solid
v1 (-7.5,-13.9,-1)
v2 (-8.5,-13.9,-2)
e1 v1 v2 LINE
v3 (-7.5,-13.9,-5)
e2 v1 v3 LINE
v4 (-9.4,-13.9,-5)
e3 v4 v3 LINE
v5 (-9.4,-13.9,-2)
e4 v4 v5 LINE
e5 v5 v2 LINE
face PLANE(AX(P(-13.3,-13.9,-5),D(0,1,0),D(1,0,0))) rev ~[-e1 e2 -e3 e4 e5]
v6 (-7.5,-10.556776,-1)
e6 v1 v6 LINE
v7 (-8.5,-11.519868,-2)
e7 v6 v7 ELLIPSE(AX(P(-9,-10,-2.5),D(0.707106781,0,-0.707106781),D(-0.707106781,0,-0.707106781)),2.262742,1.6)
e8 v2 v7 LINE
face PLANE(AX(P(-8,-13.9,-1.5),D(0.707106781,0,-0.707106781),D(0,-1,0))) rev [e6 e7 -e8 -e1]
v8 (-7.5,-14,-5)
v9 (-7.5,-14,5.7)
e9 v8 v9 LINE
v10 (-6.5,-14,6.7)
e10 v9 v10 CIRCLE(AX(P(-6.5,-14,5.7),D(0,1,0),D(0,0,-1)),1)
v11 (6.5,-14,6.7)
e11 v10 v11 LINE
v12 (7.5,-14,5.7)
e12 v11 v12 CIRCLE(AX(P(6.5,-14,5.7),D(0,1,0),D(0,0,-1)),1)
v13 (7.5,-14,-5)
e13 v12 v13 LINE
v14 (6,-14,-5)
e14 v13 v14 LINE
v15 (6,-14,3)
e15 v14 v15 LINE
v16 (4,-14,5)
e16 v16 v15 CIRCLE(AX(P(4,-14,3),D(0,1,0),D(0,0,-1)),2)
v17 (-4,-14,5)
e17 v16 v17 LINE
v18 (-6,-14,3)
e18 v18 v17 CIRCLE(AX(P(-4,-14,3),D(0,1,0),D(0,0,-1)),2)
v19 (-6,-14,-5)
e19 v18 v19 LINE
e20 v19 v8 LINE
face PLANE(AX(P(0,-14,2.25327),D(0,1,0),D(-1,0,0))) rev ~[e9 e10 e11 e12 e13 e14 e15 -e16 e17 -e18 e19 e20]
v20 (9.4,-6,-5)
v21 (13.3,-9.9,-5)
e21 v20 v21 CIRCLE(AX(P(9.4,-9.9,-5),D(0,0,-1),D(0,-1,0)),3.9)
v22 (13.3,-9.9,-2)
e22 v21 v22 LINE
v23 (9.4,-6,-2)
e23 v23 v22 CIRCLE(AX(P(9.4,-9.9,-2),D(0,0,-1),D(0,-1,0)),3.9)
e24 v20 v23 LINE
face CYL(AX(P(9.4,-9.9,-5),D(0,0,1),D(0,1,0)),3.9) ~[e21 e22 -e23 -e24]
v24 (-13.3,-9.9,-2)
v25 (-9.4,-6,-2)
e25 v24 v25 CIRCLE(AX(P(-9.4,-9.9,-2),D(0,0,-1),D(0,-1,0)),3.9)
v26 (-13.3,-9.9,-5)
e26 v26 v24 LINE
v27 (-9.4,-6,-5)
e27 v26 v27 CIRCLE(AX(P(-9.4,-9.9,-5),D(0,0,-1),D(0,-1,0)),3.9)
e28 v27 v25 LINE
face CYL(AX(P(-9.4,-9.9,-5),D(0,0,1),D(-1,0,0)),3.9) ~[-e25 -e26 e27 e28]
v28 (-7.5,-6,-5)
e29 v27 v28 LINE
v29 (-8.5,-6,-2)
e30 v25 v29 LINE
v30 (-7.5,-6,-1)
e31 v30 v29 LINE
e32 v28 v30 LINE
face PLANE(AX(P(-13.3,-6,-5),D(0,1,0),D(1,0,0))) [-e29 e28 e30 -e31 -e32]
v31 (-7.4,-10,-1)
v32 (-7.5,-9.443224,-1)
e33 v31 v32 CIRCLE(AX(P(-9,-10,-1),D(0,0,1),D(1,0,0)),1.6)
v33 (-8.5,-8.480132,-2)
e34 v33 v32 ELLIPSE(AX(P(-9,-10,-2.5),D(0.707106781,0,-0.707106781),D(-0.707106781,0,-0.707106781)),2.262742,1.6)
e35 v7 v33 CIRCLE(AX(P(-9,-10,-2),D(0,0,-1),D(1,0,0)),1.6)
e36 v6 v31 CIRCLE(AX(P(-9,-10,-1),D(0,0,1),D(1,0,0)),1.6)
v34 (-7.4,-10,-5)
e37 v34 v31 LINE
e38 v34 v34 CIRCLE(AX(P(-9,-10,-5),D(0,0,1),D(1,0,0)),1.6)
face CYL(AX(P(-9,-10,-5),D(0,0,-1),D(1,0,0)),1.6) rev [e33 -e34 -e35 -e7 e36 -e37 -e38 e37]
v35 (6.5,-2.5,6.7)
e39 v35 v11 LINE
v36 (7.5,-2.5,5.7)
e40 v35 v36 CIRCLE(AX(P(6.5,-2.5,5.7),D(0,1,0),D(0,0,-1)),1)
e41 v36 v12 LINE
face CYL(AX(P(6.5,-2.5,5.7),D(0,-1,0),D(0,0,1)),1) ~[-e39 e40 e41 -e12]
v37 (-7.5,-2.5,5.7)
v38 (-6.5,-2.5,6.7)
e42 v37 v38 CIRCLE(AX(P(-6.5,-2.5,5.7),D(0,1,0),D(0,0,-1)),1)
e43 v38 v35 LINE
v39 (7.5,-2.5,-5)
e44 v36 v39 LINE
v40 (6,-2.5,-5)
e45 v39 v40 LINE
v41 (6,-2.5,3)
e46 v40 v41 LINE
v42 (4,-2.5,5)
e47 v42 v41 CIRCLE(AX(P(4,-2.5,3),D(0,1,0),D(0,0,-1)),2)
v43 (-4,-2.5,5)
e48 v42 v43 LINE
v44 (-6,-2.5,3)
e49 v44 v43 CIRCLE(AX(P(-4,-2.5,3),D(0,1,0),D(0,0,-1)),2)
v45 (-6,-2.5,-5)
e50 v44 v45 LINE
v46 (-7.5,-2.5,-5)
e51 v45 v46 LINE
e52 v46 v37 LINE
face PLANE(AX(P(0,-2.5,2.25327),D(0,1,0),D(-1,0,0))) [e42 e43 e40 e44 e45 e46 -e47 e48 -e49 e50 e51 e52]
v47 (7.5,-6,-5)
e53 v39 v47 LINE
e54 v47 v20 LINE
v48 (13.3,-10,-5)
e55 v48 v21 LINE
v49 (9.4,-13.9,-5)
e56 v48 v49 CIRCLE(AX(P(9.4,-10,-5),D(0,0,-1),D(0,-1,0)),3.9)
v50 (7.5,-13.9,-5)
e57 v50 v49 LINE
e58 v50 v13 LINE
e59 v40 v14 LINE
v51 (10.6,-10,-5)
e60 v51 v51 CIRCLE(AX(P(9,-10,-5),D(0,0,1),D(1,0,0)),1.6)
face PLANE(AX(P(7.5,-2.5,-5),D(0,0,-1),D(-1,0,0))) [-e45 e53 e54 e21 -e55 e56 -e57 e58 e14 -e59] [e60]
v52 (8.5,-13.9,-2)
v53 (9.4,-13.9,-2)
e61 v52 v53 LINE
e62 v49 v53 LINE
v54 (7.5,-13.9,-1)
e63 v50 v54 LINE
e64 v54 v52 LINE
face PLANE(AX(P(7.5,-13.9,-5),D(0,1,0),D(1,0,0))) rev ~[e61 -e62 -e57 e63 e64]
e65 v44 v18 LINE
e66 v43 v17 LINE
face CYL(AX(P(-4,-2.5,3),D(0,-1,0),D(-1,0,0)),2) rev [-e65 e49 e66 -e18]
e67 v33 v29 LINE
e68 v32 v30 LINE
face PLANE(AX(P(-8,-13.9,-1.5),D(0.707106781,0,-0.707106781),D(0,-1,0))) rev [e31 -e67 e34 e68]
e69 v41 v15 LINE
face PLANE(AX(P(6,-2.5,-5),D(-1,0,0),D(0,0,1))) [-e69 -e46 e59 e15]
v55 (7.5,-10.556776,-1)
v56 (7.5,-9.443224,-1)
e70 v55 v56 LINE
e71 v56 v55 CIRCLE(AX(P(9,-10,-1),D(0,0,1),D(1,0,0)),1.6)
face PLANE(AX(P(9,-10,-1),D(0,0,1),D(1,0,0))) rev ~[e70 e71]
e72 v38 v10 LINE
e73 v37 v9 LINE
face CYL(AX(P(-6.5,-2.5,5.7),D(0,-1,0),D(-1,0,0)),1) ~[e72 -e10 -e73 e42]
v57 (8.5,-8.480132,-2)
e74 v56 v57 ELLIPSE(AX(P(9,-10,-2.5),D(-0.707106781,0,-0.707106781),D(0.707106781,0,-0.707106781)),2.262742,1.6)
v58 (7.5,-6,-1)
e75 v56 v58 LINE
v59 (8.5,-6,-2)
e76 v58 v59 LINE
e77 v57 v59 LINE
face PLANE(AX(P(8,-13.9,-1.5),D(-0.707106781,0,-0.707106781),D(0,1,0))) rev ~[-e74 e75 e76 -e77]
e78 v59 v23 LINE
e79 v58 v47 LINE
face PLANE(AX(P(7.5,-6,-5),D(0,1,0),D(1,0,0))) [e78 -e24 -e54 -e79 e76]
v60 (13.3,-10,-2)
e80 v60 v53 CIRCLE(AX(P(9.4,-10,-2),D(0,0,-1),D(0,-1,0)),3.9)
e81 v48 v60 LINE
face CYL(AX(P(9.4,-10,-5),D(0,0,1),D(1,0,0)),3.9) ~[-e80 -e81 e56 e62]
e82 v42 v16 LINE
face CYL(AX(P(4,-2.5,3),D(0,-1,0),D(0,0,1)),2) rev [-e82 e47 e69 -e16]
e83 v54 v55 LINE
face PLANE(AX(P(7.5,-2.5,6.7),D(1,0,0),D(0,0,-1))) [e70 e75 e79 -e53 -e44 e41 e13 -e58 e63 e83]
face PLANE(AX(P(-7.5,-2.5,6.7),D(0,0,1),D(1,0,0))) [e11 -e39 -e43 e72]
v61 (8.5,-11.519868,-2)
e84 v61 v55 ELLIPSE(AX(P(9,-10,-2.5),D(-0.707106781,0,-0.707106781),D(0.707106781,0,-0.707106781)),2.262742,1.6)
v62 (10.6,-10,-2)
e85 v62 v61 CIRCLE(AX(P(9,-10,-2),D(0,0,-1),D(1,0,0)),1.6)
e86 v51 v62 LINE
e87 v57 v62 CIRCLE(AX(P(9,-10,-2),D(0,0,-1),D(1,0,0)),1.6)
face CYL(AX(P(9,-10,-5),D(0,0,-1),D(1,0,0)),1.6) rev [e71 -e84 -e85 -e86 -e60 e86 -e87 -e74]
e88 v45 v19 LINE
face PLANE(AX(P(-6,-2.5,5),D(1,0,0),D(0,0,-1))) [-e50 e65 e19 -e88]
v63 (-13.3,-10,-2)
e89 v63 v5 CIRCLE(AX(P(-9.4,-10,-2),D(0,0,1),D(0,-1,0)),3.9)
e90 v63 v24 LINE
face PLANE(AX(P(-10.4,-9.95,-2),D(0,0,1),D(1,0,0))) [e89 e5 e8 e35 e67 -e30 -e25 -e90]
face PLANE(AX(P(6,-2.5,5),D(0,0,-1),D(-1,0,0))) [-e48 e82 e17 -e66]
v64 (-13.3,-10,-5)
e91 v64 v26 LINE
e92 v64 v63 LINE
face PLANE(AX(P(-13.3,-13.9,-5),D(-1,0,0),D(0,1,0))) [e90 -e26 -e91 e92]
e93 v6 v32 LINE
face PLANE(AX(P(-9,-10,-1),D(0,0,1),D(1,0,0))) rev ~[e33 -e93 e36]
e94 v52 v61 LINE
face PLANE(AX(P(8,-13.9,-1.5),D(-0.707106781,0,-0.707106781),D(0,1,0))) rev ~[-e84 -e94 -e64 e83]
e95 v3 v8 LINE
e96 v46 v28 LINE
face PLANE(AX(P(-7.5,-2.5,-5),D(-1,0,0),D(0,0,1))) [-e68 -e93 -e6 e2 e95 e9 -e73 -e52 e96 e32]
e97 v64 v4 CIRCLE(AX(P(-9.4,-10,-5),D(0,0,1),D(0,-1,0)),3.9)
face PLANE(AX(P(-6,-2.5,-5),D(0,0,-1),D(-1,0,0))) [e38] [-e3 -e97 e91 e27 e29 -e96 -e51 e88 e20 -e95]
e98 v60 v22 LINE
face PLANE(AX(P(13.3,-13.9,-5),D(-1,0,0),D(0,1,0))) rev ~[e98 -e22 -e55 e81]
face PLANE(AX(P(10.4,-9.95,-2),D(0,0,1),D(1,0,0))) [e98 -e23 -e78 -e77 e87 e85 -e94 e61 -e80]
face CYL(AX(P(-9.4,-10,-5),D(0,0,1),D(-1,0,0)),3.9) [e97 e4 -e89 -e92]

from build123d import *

# Parameters (mm, degrees)
PAD012_DEPTH    = 11.5
FILLET001_R     = 1
FILLET002_R     = 2
SKETCH019_W     = 5.8
SKETCH019_H     = 7.9
PAD013_DEPTH    = 3
CHAMFER_SIZE    = 1
FILLET003_R     = 3.9
SKETCH020_R     = 1.6
POCKET006_DEPTH = 4


with BuildPart() as part:
    # Sketch018 (on DatumPlane) → Pad012 (new body)
    with BuildSketch(Plane.XZ.offset(2.5)):
        Polygon((-7.5, -5), (-7.5, 6.7), (7.5, 6.7), (7.5, -5), (6, -5), (6, 5), (-6, 5), (-6, -5), align=None)
    extrude(amount=PAD012_DEPTH)

    # Fillet001
    fillet001_edges = [part.edges().sort_by_distance(p)[0] for p in [
        (-7.5, -8.25, 6.7),
        (7.5, -8.25, 6.7),
    ]]
    fillet(fillet001_edges, radius=FILLET001_R)

    # Fillet002
    fillet002_edges = [part.edges().sort_by_distance(p)[0] for p in [
        (6, -8.25, 5),
        (-6, -8.25, 5),
    ]]
    fillet(fillet002_edges, radius=FILLET002_R)

    # Sketch019 (on DatumPlane) → Pad013 (join)
    with BuildSketch(Plane.XY.offset(-5)):
        with Locations((10.4, -9.95)):
            Rectangle(SKETCH019_W, SKETCH019_H)
        with Locations((-10.4, -9.95)):
            Rectangle(SKETCH019_W, SKETCH019_H)
    extrude(amount=PAD013_DEPTH)

    # Chamfer
    chamfer_edges = [part.edges().sort_by_distance(p)[0] for p in [
        (7.5, -9.95, -2),
        (-7.5, -9.95, -2),
    ]]
    chamfer(chamfer_edges, length=CHAMFER_SIZE)

    # Fillet003
    fillet003_edges = [part.edges().sort_by_distance(p)[0] for p in [
        (13.3, -6, -3.5),
        (13.3, -13.9, -3.5),
        (-13.3, -13.9, -3.5),
        (-13.3, -6, -3.5),
    ]]
    fillet(fillet003_edges, radius=FILLET003_R)

    # Sketch020 (on DatumPlane) → Pocket006 (cut)
    with BuildSketch(Plane.XY.offset(-5)):
        with Locations((-9, -10)):
            Circle(SKETCH020_R)
        with Locations((9, -10)):
            Circle(SKETCH020_R)
    extrude(amount=POCKET006_DEPTH, mode=Mode.SUBTRACT)


solid = part.part
